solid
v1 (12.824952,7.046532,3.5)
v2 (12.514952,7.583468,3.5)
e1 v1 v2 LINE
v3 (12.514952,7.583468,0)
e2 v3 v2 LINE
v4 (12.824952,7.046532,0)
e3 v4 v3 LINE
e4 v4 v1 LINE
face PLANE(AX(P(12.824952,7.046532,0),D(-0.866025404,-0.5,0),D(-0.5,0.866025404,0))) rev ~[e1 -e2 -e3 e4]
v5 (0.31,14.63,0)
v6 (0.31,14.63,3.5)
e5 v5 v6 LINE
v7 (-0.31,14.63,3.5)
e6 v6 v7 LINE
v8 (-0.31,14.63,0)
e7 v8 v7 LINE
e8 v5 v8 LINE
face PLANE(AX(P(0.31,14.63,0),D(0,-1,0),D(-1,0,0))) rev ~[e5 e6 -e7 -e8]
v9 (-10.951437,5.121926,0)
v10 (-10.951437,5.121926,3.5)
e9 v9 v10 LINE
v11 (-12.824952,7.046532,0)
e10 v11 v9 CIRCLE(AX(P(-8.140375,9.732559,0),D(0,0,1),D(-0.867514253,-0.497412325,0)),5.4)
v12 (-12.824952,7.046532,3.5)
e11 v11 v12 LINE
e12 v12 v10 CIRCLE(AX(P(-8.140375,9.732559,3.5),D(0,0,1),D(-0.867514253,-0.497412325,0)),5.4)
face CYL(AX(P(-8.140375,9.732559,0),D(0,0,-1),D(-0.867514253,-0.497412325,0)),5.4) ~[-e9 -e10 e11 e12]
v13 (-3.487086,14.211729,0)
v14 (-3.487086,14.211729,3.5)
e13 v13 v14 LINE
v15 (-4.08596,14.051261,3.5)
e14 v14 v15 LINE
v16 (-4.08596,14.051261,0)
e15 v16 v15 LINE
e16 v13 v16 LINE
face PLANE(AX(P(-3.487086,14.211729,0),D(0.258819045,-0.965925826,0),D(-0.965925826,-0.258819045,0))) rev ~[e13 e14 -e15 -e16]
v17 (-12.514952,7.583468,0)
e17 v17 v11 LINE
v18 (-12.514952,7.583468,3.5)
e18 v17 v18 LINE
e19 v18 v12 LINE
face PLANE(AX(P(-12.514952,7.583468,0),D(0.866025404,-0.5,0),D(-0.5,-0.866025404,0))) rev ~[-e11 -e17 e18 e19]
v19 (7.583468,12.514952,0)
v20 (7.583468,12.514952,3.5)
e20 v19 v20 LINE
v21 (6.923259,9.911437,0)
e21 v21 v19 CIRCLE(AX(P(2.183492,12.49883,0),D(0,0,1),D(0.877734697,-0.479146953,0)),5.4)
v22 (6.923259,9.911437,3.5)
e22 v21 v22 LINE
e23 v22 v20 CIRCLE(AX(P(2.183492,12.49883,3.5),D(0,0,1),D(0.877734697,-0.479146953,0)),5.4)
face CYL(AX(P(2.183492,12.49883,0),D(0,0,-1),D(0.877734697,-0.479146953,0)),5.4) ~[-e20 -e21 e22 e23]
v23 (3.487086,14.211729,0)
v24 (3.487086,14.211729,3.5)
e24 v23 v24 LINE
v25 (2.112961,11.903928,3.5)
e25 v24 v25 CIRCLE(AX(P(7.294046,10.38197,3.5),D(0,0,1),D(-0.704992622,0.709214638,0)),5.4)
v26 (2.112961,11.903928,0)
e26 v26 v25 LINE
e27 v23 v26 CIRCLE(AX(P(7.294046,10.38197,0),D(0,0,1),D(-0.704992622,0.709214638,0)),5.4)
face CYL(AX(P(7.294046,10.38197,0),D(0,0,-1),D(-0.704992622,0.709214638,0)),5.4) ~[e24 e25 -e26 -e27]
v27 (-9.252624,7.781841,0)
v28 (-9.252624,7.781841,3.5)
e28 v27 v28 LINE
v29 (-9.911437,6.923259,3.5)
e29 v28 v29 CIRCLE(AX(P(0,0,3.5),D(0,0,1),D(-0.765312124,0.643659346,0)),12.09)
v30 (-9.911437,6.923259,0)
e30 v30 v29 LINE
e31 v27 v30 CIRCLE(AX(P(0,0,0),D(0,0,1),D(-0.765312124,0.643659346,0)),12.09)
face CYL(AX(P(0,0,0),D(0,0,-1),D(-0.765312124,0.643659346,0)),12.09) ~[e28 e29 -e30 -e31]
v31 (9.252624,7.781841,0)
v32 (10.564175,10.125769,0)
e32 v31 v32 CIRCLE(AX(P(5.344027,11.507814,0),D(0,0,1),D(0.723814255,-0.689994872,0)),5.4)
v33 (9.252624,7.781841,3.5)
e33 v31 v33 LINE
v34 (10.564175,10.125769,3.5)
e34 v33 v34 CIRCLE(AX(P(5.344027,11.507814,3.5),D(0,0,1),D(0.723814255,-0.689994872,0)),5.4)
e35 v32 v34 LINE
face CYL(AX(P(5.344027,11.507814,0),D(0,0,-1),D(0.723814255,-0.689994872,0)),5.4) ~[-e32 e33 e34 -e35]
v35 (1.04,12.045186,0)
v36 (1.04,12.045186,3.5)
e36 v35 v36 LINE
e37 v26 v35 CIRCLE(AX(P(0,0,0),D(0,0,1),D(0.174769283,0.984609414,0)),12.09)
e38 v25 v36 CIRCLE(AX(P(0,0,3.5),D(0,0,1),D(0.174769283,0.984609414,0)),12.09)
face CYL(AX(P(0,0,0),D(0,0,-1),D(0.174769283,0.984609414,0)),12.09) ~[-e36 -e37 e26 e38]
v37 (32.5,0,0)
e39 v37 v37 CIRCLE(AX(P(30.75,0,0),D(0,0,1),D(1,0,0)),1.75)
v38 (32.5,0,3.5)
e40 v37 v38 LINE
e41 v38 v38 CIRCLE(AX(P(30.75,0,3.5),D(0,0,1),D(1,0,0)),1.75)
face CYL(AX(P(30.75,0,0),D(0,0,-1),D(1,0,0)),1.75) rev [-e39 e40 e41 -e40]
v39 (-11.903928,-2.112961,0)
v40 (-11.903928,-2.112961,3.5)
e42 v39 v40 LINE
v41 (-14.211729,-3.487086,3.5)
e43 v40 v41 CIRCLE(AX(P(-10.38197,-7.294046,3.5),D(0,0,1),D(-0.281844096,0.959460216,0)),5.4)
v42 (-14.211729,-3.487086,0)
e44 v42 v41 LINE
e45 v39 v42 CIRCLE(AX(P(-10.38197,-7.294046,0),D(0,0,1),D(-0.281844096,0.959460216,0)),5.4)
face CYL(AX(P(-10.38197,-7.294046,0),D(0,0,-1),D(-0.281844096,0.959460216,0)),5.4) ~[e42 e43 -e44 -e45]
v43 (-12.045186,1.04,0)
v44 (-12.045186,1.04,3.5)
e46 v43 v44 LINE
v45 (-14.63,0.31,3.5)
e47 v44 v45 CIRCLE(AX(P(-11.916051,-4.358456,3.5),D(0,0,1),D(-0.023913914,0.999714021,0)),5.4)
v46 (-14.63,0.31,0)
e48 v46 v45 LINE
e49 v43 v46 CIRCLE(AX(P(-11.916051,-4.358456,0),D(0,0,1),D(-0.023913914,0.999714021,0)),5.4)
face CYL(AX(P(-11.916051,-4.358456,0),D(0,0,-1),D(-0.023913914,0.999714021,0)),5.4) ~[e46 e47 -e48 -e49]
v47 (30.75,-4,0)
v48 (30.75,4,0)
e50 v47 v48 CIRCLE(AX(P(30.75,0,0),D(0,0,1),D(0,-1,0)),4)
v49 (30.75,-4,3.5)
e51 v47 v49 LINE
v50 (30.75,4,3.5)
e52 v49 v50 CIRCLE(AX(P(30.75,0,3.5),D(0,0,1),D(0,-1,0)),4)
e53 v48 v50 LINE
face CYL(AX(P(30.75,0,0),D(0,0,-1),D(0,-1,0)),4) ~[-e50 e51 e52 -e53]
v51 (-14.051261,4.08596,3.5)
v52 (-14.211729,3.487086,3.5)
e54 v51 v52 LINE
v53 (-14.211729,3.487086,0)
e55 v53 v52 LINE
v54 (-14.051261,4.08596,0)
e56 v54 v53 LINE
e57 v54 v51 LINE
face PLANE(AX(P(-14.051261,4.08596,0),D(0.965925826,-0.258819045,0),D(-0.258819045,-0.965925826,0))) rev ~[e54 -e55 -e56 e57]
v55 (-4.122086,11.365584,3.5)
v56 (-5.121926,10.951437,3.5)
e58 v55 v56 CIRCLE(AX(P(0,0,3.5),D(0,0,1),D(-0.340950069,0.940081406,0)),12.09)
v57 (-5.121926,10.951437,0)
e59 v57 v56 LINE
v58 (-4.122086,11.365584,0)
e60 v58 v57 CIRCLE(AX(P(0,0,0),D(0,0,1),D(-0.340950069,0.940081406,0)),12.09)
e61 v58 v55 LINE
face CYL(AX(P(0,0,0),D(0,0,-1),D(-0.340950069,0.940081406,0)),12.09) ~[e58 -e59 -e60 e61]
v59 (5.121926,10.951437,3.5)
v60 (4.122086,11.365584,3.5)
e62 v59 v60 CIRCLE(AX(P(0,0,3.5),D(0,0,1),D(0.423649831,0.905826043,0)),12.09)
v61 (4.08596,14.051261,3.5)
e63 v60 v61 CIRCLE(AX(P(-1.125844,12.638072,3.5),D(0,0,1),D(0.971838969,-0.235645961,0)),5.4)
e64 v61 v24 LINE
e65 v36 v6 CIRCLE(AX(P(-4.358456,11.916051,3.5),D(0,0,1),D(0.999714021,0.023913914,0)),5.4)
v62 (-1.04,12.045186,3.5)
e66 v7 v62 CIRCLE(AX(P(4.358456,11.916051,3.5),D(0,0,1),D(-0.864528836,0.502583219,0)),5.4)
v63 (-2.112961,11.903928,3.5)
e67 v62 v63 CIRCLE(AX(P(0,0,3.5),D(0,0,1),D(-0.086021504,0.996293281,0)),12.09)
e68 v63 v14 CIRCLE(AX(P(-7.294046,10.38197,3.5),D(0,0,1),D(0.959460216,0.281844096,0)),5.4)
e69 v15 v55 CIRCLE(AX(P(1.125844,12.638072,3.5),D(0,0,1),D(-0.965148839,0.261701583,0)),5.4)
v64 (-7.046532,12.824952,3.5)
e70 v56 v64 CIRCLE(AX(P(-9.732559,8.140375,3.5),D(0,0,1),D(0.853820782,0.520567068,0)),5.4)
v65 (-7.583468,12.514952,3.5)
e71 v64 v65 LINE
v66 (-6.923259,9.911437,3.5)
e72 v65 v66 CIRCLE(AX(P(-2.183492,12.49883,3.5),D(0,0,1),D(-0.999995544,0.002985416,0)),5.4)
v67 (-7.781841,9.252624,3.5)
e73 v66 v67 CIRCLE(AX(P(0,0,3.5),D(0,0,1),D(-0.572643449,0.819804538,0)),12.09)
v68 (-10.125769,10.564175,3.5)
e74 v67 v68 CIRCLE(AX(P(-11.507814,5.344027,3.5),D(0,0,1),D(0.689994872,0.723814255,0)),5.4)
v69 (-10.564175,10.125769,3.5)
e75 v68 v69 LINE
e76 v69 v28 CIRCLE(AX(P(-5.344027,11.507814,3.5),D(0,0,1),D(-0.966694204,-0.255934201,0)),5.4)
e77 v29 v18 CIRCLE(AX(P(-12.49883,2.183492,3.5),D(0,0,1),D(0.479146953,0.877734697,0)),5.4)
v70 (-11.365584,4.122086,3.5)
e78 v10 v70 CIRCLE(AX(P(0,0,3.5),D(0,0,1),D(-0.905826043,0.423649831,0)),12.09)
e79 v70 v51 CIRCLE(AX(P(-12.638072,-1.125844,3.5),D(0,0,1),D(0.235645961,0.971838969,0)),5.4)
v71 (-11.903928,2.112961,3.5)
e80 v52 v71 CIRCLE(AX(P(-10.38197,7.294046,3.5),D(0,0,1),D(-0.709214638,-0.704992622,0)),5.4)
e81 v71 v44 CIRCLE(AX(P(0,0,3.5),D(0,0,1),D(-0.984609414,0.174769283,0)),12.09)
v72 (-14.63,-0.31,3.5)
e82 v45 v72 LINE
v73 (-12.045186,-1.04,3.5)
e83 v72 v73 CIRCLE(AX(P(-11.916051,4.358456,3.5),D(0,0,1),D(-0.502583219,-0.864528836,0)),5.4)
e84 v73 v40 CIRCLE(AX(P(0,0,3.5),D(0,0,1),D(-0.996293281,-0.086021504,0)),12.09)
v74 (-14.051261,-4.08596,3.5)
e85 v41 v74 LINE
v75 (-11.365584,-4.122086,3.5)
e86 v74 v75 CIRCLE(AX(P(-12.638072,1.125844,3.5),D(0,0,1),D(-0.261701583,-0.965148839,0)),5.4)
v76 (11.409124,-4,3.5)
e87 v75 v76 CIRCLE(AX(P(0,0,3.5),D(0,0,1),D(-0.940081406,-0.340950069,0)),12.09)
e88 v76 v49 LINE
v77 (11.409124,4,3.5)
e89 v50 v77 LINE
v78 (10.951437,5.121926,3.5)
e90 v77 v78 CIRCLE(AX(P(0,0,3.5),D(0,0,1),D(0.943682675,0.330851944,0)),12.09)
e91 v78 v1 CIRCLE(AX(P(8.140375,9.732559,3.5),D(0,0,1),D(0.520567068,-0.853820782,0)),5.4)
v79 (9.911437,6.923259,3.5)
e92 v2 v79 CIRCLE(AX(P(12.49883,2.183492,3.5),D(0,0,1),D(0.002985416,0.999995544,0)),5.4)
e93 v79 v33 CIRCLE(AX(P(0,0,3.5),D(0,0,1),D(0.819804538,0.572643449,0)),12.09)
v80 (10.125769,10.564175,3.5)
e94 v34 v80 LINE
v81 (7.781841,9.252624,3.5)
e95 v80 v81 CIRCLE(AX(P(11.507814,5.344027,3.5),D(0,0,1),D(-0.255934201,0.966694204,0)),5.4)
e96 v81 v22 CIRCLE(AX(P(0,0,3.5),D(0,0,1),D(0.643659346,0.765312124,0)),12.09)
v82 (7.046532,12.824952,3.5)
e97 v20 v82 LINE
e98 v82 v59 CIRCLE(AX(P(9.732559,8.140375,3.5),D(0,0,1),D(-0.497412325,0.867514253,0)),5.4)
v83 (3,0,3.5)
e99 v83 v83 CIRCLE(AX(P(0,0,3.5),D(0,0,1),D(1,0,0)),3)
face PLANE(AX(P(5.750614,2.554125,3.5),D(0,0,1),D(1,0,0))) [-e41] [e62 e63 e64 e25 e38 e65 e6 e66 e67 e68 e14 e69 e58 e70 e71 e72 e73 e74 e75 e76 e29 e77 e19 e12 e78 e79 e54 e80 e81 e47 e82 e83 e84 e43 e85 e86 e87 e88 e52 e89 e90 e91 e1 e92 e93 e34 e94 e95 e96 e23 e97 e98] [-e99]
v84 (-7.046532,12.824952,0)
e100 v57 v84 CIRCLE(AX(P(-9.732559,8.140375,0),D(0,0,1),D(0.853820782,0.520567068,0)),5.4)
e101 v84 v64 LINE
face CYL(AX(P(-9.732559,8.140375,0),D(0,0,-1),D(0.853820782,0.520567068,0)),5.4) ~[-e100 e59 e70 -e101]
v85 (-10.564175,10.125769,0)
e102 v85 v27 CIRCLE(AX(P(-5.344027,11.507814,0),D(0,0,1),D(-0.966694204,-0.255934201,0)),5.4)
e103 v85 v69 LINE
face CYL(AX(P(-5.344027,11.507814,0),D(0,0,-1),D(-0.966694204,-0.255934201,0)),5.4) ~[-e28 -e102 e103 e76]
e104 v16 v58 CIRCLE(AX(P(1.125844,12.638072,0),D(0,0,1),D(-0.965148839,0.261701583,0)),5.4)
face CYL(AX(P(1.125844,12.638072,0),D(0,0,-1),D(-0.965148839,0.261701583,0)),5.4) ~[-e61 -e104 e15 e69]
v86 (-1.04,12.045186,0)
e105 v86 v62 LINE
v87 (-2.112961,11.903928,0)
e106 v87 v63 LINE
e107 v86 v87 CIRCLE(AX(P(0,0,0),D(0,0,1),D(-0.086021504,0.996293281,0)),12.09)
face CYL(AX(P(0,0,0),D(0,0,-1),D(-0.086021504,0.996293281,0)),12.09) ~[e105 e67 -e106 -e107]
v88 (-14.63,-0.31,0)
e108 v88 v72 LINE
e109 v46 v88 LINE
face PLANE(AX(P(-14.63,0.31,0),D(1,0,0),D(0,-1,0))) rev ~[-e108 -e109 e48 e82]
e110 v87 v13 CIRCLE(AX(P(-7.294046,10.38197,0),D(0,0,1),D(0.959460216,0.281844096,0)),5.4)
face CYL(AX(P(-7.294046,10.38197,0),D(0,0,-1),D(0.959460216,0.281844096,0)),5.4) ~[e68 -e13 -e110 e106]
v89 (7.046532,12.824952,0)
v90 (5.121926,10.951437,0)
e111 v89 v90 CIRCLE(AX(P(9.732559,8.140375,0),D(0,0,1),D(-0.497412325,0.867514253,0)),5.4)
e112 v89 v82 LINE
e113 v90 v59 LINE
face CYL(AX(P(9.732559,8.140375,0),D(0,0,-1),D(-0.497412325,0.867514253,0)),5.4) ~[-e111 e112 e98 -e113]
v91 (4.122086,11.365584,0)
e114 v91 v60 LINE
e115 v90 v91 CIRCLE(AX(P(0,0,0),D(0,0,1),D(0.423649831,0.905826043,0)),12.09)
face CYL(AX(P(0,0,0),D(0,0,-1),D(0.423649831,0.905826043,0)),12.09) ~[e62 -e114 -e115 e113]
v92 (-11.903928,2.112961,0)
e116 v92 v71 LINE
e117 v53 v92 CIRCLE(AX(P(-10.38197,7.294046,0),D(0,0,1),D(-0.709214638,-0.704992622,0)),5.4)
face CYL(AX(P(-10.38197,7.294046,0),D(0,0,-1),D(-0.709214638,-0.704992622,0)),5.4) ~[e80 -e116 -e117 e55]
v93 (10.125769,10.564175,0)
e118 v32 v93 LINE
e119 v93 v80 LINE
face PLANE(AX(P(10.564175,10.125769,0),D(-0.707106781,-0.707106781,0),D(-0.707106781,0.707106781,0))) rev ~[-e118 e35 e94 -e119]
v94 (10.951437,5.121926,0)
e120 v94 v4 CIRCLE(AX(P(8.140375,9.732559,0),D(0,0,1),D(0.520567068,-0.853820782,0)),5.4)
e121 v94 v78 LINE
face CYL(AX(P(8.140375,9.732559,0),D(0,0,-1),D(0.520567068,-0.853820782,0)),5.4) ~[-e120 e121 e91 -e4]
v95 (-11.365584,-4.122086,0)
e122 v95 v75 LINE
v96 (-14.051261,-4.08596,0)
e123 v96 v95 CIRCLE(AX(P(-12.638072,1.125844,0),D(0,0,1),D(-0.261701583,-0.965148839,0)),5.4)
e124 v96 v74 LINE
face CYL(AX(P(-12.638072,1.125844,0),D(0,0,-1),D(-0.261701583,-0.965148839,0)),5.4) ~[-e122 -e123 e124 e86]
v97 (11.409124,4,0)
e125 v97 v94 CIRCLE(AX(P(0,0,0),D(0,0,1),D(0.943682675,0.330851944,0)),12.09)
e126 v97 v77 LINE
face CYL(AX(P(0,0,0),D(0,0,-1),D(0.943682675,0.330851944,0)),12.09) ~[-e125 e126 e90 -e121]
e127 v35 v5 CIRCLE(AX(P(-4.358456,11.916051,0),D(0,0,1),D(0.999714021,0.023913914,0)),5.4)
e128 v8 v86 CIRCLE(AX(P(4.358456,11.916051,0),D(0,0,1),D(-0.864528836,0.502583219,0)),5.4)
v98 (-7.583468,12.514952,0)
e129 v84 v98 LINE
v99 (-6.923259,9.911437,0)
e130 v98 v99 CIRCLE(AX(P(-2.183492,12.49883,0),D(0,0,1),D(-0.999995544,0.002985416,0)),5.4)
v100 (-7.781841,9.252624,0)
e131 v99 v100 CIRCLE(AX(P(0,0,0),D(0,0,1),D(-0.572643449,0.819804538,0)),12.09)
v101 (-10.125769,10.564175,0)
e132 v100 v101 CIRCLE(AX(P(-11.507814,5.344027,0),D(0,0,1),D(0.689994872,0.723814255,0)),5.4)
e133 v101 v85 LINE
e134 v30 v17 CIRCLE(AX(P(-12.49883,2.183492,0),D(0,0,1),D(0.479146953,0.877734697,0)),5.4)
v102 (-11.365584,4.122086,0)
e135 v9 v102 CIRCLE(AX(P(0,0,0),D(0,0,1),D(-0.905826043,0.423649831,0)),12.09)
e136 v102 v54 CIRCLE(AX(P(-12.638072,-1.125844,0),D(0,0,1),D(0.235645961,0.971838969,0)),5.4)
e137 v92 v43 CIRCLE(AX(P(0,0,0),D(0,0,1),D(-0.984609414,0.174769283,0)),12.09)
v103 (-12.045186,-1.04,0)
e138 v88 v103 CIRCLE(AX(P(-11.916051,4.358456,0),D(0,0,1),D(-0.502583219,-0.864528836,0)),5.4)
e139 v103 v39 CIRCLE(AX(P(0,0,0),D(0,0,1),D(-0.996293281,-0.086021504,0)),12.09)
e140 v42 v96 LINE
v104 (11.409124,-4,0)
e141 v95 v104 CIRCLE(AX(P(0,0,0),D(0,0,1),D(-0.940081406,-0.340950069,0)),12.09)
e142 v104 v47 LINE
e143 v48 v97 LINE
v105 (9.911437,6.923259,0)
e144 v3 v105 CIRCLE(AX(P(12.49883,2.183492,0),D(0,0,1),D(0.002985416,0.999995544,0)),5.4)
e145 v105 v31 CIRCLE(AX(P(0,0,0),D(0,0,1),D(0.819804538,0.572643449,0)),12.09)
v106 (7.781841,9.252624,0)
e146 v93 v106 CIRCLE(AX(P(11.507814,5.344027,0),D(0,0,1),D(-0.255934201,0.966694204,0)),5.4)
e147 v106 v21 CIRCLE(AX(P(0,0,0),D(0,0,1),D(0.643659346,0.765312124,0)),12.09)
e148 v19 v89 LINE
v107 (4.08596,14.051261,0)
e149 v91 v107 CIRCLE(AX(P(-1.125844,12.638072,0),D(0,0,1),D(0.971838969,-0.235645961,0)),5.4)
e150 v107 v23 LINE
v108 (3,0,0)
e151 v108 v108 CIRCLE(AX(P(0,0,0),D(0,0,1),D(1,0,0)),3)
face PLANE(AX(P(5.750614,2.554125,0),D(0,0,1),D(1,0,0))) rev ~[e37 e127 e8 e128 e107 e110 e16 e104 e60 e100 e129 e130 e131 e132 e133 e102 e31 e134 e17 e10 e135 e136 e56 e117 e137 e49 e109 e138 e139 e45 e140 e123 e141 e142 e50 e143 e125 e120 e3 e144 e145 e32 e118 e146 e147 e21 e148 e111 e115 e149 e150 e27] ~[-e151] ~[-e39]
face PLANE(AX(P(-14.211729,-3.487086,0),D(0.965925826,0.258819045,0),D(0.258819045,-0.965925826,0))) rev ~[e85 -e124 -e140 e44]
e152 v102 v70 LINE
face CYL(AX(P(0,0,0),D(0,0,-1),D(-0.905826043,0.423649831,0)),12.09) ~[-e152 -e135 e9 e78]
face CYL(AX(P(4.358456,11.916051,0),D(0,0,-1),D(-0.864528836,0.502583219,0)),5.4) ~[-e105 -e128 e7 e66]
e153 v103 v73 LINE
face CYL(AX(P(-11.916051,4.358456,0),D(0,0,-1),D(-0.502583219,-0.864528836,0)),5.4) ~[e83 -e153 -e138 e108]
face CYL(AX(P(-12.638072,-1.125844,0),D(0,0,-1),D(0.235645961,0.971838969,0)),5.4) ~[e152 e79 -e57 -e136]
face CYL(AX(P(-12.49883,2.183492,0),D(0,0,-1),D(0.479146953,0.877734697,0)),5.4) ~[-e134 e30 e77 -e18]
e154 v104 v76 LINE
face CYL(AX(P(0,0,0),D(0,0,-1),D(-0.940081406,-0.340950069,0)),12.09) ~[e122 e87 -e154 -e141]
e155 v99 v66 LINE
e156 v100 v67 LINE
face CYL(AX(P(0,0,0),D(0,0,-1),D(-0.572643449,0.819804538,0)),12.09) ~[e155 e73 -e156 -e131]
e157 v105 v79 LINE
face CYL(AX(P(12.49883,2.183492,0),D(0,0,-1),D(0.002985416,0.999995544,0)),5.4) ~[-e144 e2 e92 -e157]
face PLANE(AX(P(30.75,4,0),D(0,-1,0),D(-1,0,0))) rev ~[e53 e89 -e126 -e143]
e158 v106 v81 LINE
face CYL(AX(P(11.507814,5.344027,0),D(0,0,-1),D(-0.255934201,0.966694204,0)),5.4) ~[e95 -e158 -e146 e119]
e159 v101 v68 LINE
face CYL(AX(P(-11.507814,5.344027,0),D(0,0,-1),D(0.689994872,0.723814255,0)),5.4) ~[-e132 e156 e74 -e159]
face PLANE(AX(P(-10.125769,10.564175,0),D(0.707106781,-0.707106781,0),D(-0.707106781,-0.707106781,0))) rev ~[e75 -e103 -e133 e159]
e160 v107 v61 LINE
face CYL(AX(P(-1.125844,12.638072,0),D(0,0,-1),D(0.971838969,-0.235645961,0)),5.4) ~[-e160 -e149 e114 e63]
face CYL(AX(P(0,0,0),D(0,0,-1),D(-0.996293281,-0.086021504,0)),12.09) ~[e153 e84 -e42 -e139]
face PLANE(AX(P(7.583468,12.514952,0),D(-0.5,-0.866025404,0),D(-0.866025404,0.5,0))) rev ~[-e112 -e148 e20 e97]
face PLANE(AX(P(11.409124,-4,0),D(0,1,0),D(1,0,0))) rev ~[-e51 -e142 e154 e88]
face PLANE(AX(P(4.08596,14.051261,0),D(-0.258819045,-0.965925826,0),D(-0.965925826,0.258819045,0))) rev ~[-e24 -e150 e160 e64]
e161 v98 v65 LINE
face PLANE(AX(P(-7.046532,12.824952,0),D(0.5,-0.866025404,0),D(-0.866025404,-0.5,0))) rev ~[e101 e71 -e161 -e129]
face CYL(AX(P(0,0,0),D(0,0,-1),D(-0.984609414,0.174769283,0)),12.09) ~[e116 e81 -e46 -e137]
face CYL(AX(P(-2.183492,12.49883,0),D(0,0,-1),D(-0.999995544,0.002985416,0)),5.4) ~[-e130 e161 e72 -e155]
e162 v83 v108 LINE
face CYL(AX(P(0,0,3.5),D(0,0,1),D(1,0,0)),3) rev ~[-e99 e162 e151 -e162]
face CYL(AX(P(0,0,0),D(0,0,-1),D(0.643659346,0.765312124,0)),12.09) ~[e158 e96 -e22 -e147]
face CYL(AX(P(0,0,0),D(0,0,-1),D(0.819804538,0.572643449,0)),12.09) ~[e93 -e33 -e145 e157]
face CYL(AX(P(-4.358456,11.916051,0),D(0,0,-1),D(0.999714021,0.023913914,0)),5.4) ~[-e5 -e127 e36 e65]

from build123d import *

# Parameters (mm, degrees)
SKETCH1_R           = 1.75
BOSS_EXTRUDE1_DEPTH = 3.5
SKETCH2_R           = 3
CUT_EXTRUDE1_DEPTH  = 38.866203929


with BuildPart() as part:
    # Sketch1 → Boss-Extrude1 (new body)
    with BuildSketch(Plane.XY):
        with BuildLine():
            Line((0.31, 14.63), (-0.31, 14.63))
            ThreePointArc((-0.31, 14.63), (-0.838273314, 13.383704325), (-1.04, 12.04518576))
            ThreePointArc((-1.04, 12.04518576), (-1.578061664, 11.986568374), (-2.112960617, 11.903927815))
            ThreePointArc((-2.112960617, 11.903927815), (-2.65424773, 13.144626757), (-3.487085624, 14.211728743))
            Line((-3.487085624, 14.211728743), (-4.085959636, 14.051260935))
            ThreePointArc((-4.085959636, 14.051260935), (-4.273667417, 12.71070456), (-4.122086336, 11.365584201))
            ThreePointArc((-4.122086336, 11.365584201), (-4.626642697, 11.169703548), (-5.12192646, 10.951436862))
            ThreePointArc((-5.12192646, 10.951436862), (-5.965886177, 12.009764599), (-7.046532125, 12.824951657))
            Line((-7.046532125, 12.824951657), (-7.583467875, 12.514951657))
            ThreePointArc((-7.583467875, 12.514951657), (-7.417818147, 11.171491285), (-6.9232593, 9.911436862))
            ThreePointArc((-6.9232593, 9.911436862), (-7.359925677, 9.591641884), (-7.781841479, 9.252623584))
            ThreePointArc((-7.781841479, 9.252623584), (-8.870959341, 10.05645683), (-10.125769107, 10.564175311))
            Line((-10.125769107, 10.564175311), (-10.564175311, 10.125769107))
            ThreePointArc((-10.564175311, 10.125769107), (-10.05645683, 8.870959341), (-9.252623584, 7.781841479))
            ThreePointArc((-9.252623584, 7.781841479), (-9.591641884, 7.359925677), (-9.911436862, 6.9232593))
            ThreePointArc((-9.911436862, 6.9232593), (-11.171491285, 7.417818147), (-12.514951657, 7.583467875))
            Line((-12.514951657, 7.583467875), (-12.824951657, 7.046532125))
            ThreePointArc((-12.824951657, 7.046532125), (-12.009764599, 5.965886177), (-10.951436862, 5.12192646))
            ThreePointArc((-10.951436862, 5.12192646), (-11.169703548, 4.626642697), (-11.365584201, 4.122086336))
            ThreePointArc((-11.365584201, 4.122086336), (-12.71070456, 4.273667417), (-14.051260935, 4.085959636))
            Line((-14.051260935, 4.085959636), (-14.211728743, 3.487085624))
            ThreePointArc((-14.211728743, 3.487085624), (-13.144626757, 2.65424773), (-11.903927815, 2.112960617))
            ThreePointArc((-11.903927815, 2.112960617), (-11.986568374, 1.578061664), (-12.04518576, 1.04))
            ThreePointArc((-12.04518576, 1.04), (-13.383704325, 0.838273314), (-14.63, 0.31))
            Line((-14.63, 0.31), (-14.63, -0.31))
            ThreePointArc((-14.63, -0.31), (-13.383704325, -0.838273314), (-12.04518576, -1.04))
            ThreePointArc((-12.04518576, -1.04), (-11.986568374, -1.578061664), (-11.903927815, -2.112960617))
            ThreePointArc((-11.903927815, -2.112960617), (-13.144626757, -2.65424773), (-14.211728743, -3.487085624))
            Line((-14.211728743, -3.487085624), (-14.051260935, -4.085959636))
            ThreePointArc((-14.051260935, -4.085959636), (-12.71070456, -4.273667417), (-11.365584201, -4.122086336))
            ThreePointArc((-11.365584201, -4.122086336), (0.064808849, -12.089826294), (11.409123542, -4))
            Line((11.409123542, -4), (30.75, -4))
            ThreePointArc((30.75, -4), (34.75, 0), (30.75, 4))
            Line((30.75, 4), (11.409123542, 4))
            ThreePointArc((11.409123542, 4), (11.194344337, 4.566700654), (10.951436862, 5.12192646))
            ThreePointArc((10.951436862, 5.12192646), (12.009764599, 5.965886177), (12.824951657, 7.046532125))
            Line((12.824951657, 7.046532125), (12.514951657, 7.583467875))
            ThreePointArc((12.514951657, 7.583467875), (11.171491285, 7.417818147), (9.911436862, 6.9232593))
            ThreePointArc((9.911436862, 6.9232593), (9.591641884, 7.359925677), (9.252623584, 7.781841479))
            ThreePointArc((9.252623584, 7.781841479), (10.05645683, 8.870959341), (10.564175311, 10.125769107))
            Line((10.564175311, 10.125769107), (10.125769107, 10.564175311))
            ThreePointArc((10.125769107, 10.564175311), (8.870959341, 10.05645683), (7.781841479, 9.252623584))
            ThreePointArc((7.781841479, 9.252623584), (7.359925677, 9.591641884), (6.9232593, 9.911436862))
            ThreePointArc((6.9232593, 9.911436862), (7.417818147, 11.171491285), (7.583467875, 12.514951657))
            Line((7.583467875, 12.514951657), (7.046532125, 12.824951657))
            ThreePointArc((7.046532125, 12.824951657), (5.965886177, 12.009764599), (5.12192646, 10.951436862))
            ThreePointArc((5.12192646, 10.951436862), (4.626642697, 11.169703548), (4.122086336, 11.365584201))
            ThreePointArc((4.122086336, 11.365584201), (4.273667417, 12.71070456), (4.085959636, 14.051260935))
            Line((4.085959636, 14.051260935), (3.487085624, 14.211728743))
            ThreePointArc((3.487085624, 14.211728743), (2.65424773, 13.144626757), (2.112960617, 11.903927815))
            ThreePointArc((2.112960617, 11.903927815), (1.578061664, 11.986568374), (1.04, 12.04518576))
            ThreePointArc((1.04, 12.04518576), (0.838273314, 13.383704325), (0.31, 14.63))
        make_face()
        with Locations((30.75, 0)):
            Circle(SKETCH1_R, mode=Mode.SUBTRACT)
        Circle(SKETCH1_R, mode=Mode.SUBTRACT)
    extrude(amount=BOSS_EXTRUDE1_DEPTH)

    # Sketch2 → Cut-Extrude1 (cut, through all)
    with BuildSketch(Plane.XY.offset(3.5)):
        Circle(SKETCH2_R)
    extrude(amount=-CUT_EXTRUDE1_DEPTH, mode=Mode.SUBTRACT)


solid = part.part
